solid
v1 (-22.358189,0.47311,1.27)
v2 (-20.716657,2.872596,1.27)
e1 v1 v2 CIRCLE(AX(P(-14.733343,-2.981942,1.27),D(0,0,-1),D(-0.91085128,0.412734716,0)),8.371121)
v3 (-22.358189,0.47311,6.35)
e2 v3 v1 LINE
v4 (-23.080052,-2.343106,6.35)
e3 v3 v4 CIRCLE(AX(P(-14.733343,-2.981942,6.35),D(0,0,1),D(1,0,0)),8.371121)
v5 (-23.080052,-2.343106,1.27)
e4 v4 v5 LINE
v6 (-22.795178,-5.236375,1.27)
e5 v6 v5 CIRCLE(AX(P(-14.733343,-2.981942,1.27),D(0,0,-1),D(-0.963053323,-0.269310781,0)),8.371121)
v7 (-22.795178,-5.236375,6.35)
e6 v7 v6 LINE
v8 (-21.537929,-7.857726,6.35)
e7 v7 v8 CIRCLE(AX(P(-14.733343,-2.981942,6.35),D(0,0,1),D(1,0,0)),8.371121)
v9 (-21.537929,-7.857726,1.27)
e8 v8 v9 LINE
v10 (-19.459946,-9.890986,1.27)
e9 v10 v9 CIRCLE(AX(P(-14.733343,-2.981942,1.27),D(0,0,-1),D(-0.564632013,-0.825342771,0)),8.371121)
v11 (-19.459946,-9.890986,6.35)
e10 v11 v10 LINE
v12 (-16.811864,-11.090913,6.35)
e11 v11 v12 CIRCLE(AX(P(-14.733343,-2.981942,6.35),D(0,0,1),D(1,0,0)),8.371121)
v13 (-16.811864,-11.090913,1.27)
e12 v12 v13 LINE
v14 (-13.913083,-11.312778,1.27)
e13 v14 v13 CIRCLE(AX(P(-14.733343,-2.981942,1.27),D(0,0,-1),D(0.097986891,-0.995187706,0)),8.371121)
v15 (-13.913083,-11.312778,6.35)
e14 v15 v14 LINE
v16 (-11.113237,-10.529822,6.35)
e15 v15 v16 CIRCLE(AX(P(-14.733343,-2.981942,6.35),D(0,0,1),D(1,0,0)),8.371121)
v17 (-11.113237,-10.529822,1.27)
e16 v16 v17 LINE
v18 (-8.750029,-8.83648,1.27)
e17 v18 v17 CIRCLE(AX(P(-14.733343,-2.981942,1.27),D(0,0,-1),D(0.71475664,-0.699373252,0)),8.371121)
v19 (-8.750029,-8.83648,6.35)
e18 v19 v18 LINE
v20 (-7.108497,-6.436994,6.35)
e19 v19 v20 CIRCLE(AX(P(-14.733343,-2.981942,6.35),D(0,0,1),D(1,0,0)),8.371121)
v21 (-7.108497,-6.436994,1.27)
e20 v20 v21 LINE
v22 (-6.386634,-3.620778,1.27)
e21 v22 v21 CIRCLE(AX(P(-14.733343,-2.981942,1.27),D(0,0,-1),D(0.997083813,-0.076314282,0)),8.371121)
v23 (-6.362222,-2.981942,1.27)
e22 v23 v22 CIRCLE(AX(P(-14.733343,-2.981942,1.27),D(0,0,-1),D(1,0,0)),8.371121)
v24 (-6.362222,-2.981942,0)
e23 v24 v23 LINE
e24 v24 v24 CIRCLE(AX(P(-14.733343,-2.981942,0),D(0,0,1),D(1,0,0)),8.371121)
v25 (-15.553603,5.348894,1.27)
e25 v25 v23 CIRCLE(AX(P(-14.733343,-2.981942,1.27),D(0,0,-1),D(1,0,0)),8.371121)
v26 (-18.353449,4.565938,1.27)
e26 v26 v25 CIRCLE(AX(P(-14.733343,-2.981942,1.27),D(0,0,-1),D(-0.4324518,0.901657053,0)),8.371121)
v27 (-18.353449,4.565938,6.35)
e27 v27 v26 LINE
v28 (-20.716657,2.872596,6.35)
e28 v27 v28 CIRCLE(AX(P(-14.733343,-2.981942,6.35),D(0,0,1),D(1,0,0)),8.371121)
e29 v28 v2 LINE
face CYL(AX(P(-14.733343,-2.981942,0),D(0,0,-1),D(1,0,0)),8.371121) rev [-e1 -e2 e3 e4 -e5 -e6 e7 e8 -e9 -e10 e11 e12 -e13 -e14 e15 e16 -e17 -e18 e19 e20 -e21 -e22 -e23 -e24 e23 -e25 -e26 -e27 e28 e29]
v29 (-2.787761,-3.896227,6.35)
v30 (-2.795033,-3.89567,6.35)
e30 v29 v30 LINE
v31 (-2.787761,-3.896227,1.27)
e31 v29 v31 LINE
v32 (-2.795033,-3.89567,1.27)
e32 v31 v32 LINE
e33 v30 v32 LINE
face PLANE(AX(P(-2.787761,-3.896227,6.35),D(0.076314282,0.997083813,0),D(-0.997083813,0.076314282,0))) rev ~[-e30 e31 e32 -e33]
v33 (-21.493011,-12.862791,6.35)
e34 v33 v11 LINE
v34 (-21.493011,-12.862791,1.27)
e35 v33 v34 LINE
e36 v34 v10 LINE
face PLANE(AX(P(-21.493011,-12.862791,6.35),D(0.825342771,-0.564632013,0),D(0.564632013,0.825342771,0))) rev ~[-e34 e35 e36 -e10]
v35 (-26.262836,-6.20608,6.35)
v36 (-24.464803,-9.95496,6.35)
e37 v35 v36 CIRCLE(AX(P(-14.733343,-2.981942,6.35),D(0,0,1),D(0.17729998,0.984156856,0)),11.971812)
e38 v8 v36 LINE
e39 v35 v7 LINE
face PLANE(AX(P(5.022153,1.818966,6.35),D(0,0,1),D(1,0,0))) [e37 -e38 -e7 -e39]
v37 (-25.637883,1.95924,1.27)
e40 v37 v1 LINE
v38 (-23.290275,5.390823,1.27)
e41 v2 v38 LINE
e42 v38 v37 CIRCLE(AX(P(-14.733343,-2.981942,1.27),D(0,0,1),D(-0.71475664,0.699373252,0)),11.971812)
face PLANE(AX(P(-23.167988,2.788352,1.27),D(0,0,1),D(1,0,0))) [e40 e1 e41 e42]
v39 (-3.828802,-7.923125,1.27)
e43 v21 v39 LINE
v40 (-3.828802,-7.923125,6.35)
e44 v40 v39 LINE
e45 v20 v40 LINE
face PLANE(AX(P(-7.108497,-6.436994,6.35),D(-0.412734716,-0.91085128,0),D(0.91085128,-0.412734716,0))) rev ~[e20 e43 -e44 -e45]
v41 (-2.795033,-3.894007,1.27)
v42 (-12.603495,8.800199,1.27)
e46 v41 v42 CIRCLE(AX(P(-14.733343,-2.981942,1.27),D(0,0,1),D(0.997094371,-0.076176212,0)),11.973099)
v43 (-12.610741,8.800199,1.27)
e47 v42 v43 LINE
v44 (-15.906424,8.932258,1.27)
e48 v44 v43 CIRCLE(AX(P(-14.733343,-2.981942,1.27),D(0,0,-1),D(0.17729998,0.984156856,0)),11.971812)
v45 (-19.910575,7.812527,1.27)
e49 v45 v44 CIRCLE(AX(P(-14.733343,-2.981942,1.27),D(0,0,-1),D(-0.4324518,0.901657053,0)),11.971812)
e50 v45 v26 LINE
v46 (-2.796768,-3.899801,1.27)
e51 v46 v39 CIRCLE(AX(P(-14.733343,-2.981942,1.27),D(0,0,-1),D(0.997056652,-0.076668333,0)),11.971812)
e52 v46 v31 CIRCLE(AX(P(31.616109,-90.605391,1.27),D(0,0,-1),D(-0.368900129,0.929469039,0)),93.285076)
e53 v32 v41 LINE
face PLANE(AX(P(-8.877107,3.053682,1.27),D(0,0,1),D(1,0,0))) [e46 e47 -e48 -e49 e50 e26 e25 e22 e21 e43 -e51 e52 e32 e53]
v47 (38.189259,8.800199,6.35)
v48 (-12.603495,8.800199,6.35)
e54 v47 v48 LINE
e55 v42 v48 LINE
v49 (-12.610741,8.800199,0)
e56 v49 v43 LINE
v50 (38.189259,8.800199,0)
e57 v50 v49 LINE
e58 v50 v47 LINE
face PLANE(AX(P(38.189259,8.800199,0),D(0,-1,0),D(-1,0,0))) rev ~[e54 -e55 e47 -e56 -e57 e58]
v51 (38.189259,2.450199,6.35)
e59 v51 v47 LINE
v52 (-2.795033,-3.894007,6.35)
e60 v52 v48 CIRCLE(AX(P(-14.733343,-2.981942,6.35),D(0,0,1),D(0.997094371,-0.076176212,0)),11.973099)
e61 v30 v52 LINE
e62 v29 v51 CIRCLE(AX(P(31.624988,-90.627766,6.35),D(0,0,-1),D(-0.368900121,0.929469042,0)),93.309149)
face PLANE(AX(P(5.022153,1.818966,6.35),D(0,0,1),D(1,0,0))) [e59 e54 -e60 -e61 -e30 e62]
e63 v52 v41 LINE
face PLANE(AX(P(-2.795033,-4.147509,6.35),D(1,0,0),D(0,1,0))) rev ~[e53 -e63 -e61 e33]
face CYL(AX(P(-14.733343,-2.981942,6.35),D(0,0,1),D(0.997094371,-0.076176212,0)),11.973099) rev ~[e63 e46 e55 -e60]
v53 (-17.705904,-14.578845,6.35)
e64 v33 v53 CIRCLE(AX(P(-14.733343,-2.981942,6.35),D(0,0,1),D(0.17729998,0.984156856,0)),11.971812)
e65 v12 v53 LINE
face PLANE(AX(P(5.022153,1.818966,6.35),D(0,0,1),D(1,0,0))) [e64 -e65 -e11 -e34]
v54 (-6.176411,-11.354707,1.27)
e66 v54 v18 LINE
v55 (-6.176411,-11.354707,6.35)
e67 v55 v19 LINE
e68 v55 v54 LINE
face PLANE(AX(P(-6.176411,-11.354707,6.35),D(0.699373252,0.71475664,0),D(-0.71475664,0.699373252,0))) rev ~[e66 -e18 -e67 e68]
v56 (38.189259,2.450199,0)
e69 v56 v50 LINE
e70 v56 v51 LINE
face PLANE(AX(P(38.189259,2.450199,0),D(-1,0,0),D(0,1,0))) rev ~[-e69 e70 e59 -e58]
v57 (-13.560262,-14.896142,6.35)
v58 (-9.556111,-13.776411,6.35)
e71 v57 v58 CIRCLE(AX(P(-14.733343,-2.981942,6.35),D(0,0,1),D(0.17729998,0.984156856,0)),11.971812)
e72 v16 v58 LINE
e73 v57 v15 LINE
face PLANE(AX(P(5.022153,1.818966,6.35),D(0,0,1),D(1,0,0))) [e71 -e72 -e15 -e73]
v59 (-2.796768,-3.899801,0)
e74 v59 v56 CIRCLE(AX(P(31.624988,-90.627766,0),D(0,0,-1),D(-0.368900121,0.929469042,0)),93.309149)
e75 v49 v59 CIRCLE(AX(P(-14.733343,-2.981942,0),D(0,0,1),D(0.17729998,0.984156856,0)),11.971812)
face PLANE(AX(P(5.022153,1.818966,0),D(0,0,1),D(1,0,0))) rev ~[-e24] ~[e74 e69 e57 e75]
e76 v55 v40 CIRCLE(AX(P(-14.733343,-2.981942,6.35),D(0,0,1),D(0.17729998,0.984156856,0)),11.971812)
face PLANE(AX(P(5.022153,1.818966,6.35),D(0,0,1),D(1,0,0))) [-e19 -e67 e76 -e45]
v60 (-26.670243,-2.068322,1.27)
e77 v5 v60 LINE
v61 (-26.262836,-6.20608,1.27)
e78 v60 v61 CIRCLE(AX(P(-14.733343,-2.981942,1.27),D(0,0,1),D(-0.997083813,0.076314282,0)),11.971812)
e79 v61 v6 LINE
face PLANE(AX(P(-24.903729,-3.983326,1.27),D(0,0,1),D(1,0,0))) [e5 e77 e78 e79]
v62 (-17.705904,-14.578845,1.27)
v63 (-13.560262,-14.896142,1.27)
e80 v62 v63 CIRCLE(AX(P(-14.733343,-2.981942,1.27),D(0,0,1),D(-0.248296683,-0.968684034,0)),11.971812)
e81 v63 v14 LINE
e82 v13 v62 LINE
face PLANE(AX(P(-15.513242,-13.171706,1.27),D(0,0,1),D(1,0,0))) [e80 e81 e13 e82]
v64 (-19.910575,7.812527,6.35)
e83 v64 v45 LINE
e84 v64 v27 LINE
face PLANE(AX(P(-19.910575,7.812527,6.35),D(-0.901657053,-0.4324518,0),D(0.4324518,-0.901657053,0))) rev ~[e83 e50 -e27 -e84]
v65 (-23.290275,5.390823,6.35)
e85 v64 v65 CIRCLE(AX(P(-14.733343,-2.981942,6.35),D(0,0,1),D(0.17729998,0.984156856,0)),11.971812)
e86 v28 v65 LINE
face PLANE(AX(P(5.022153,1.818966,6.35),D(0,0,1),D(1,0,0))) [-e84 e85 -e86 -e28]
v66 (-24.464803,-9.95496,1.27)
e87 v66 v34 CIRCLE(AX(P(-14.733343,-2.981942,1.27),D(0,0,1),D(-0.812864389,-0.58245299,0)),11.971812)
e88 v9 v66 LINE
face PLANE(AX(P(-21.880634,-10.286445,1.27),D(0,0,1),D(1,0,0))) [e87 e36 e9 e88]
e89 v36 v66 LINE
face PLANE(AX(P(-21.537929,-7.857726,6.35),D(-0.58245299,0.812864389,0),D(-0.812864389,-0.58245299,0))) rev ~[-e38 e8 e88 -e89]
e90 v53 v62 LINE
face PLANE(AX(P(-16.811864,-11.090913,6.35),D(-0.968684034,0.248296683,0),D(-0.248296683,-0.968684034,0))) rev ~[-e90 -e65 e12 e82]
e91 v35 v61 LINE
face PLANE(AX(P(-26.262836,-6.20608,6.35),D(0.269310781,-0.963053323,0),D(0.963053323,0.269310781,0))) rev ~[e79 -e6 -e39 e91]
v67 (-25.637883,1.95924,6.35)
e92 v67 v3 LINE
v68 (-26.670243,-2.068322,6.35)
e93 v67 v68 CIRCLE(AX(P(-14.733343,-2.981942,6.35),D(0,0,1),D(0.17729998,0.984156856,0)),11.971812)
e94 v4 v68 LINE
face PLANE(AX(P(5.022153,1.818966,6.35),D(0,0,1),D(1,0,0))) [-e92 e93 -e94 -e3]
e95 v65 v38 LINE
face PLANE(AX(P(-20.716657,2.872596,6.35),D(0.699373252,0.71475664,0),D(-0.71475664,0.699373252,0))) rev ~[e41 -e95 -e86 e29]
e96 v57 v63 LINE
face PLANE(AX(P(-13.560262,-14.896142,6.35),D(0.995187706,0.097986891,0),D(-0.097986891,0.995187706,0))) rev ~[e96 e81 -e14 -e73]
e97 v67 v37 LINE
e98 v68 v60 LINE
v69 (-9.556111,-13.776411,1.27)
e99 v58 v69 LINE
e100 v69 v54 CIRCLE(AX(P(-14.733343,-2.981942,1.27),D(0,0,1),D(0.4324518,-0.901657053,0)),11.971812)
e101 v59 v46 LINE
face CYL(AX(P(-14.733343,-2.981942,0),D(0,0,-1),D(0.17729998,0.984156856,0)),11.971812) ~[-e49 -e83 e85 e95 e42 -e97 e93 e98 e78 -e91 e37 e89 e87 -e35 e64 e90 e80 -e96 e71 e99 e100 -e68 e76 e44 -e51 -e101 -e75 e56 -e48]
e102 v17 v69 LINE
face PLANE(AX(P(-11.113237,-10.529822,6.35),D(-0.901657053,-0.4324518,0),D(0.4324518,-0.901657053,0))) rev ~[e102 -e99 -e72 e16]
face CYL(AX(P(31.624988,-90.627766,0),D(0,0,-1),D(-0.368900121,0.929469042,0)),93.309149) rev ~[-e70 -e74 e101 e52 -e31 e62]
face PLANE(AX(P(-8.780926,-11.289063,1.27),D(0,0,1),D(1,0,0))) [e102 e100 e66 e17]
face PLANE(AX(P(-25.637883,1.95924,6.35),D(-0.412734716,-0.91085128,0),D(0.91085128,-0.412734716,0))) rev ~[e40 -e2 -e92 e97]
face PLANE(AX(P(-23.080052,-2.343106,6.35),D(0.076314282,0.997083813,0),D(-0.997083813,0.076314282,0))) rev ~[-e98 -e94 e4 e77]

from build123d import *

# Parameters (mm, degrees)
F0_R     = 8.371120517
F1_DEPTH = 6.35
F4_DEPTH = 5.08
F6_DEPTH = 5.08


with BuildPart() as f1:
    # F0 (on Top) → F1 (new body)
    with BuildSketch(Plane.XY):
        with BuildLine():
            Line((38.1892591841, 8.8001990686), (-12.6107408159, 8.8001990686))
            ThreePointArc((-12.6107408159, 8.8001990686), (-24.206336891, -10.3022339435), (-2.7967678425, -3.8998009314))
            ThreePointArc((-2.7967678425, -3.8998009314), (17.3389637973, 1.581272222), (38.1892591841, 2.4501990686))
            Line((38.1892591841, 2.4501990686), (38.1892591841, 8.8001990686))
        make_face()
        with Locations((-14.7333428902, -2.9819420458)):
            Circle(F0_R, mode=Mode.SUBTRACT)
    extrude(amount=F1_DEPTH)

    # F3 (on face) → F4 (cut)
    with BuildSketch(Plane.XY.offset(6.35)):
        with BuildLine():
            Line((-13.560262228, -14.8961424203), (-13.9130828172, -11.3127782657))
            ThreePointArc((-13.9130828172, -11.3127782657), (-15.3721789388, -11.3286508112), (-16.8118643504, -11.0909128344))
            Line((-16.8118643504, -11.0909128344), (-17.7059041681, -14.5788454365))
            ThreePointArc((-17.7059041681, -14.5788454365), (-15.6469631426, -14.9188422648), (-13.560262228, -14.8961424203))
        make_face()
        with BuildLine():
            Line((-6.1764105875, -11.3547073221), (-8.7500289189, -8.8364798269))
            ThreePointArc((-8.7500289189, -8.8364798269), (-9.8575587193, -9.7865278105), (-11.1132367545, -10.5298218989))
            Line((-11.1132367545, -10.5298218989), (-9.5561111287, -13.7764110041))
            ThreePointArc((-9.5561111287, -13.7764110041), (-7.7603250488, -12.7134019048), (-6.1764105875, -11.3547073221))
        make_face()
        with BuildLine():
            Line((-2.7877611159, -3.8962267625), (-6.3866341249, -3.6207780944))
            ThreePointArc((-6.3866341249, -3.6207780944), (-6.6243721016, -5.060463506), (-7.1084970525, -6.4369940948))
            Line((-7.1084970525, -6.4369940948), (-3.828802369, -7.9231245789))
            ThreePointArc((-3.828802369, -7.9231245789), (-3.1369674478, -5.9565622573), (-2.7967678425, -3.8998009314))
            ThreePointArc((-2.7967678425, -3.8998009314), (-2.7922645256, -3.89801373), (-2.7877611159, -3.8962267625))
        make_face()
        with BuildLine():
            Line((-21.4930113477, -12.8627907518), (-19.4599455199, -9.8909858503))
            ThreePointArc((-19.4599455199, -9.8909858503), (-20.5878806714, -8.9652560172), (-21.5379286549, -7.8577262167))
            Line((-21.5379286549, -7.8577262167), (-24.4648027493, -9.9549598872))
            ThreePointArc((-24.4648027493, -9.9549598872), (-23.1061081665, -11.5388743485), (-21.4930113477, -12.8627907518))
        make_face()
        with BuildLine():
            Line((-26.2628364708, -6.2060801603), (-22.7951783218, -5.2363750533))
            ThreePointArc((-22.7951783218, -5.2363750533), (-23.0641791102, -3.8022021189), (-23.0800516556, -2.3431059972))
            Line((-23.0800516556, -2.3431059972), (-26.6702431093, -2.0683217935))
            ThreePointArc((-26.6702431093, -2.0683217935), (-26.6475432648, -4.155022708), (-26.2628364708, -6.2060801603))
        make_face()
        with BuildLine():
            ThreePointArc((-22.358188728, 0.4731100032), (-21.6423866947, 1.7446605838), (-20.7166568616, 2.8725957353))
            Line((-20.7166568616, 2.8725957353), (-23.2902751929, 5.3908232305))
            ThreePointArc((-23.2902751929, 5.3908232305), (-24.6141915962, 3.7777264117), (-25.6378834115, 1.9592404873))
            Line((-25.6378834115, 1.9592404873), (-22.358188728, 0.4731100032))
        make_face()
        with BuildLine():
            ThreePointArc((-18.353449026, 4.5659378073), (-16.9877758977, 5.0798933858), (-15.5536029633, 5.3488941741))
            Line((-15.5536029633, 5.3488941741), (-15.9064235525, 8.9322583287))
            ThreePointArc((-15.9064235525, 8.9322583287), (-17.9574810047, 8.5475515347), (-19.9105746518, 7.8125269125))
            Line((-19.9105746518, 7.8125269125), (-18.353449026, 4.5659378073))
        make_face()
    extrude(amount=-F4_DEPTH, mode=Mode.SUBTRACT)

    # F5 (on face) → F6 (cut)
    with BuildSketch(Plane.XY.offset(6.35)):
        with BuildLine():
            ThreePointArc((-15.4898996277, 5.2621371657), (-8.9244307049, 2.9166814686), (-6.4786379033, -3.6120735562))
            Line((-6.4786379033, -3.6120735562), (-6.4786379033, -3.865575185))
            Line((-6.4786379033, -3.865575185), (-2.7950332078, -4.1475090028))
            Line((-2.7950332078, -4.1475090028), (-2.7950332078, -3.894007374))
            ThreePointArc((-2.7950332078, -3.894007374), (-6.3406722718, 5.5572722698), (-15.8519057587, 8.9387927615))
            Line((-15.8519057587, 8.9387927615), (-16.2552728318, 8.8990769519))
            Line((-16.2552728318, 8.8990769519), (-15.8971771478, 5.2621371657))
            Line((-15.8971771478, 5.2621371657), (-15.4898996277, 5.2621371657))
        make_face()
    extrude(amount=-F6_DEPTH, mode=Mode.SUBTRACT)


solid = f1.part
